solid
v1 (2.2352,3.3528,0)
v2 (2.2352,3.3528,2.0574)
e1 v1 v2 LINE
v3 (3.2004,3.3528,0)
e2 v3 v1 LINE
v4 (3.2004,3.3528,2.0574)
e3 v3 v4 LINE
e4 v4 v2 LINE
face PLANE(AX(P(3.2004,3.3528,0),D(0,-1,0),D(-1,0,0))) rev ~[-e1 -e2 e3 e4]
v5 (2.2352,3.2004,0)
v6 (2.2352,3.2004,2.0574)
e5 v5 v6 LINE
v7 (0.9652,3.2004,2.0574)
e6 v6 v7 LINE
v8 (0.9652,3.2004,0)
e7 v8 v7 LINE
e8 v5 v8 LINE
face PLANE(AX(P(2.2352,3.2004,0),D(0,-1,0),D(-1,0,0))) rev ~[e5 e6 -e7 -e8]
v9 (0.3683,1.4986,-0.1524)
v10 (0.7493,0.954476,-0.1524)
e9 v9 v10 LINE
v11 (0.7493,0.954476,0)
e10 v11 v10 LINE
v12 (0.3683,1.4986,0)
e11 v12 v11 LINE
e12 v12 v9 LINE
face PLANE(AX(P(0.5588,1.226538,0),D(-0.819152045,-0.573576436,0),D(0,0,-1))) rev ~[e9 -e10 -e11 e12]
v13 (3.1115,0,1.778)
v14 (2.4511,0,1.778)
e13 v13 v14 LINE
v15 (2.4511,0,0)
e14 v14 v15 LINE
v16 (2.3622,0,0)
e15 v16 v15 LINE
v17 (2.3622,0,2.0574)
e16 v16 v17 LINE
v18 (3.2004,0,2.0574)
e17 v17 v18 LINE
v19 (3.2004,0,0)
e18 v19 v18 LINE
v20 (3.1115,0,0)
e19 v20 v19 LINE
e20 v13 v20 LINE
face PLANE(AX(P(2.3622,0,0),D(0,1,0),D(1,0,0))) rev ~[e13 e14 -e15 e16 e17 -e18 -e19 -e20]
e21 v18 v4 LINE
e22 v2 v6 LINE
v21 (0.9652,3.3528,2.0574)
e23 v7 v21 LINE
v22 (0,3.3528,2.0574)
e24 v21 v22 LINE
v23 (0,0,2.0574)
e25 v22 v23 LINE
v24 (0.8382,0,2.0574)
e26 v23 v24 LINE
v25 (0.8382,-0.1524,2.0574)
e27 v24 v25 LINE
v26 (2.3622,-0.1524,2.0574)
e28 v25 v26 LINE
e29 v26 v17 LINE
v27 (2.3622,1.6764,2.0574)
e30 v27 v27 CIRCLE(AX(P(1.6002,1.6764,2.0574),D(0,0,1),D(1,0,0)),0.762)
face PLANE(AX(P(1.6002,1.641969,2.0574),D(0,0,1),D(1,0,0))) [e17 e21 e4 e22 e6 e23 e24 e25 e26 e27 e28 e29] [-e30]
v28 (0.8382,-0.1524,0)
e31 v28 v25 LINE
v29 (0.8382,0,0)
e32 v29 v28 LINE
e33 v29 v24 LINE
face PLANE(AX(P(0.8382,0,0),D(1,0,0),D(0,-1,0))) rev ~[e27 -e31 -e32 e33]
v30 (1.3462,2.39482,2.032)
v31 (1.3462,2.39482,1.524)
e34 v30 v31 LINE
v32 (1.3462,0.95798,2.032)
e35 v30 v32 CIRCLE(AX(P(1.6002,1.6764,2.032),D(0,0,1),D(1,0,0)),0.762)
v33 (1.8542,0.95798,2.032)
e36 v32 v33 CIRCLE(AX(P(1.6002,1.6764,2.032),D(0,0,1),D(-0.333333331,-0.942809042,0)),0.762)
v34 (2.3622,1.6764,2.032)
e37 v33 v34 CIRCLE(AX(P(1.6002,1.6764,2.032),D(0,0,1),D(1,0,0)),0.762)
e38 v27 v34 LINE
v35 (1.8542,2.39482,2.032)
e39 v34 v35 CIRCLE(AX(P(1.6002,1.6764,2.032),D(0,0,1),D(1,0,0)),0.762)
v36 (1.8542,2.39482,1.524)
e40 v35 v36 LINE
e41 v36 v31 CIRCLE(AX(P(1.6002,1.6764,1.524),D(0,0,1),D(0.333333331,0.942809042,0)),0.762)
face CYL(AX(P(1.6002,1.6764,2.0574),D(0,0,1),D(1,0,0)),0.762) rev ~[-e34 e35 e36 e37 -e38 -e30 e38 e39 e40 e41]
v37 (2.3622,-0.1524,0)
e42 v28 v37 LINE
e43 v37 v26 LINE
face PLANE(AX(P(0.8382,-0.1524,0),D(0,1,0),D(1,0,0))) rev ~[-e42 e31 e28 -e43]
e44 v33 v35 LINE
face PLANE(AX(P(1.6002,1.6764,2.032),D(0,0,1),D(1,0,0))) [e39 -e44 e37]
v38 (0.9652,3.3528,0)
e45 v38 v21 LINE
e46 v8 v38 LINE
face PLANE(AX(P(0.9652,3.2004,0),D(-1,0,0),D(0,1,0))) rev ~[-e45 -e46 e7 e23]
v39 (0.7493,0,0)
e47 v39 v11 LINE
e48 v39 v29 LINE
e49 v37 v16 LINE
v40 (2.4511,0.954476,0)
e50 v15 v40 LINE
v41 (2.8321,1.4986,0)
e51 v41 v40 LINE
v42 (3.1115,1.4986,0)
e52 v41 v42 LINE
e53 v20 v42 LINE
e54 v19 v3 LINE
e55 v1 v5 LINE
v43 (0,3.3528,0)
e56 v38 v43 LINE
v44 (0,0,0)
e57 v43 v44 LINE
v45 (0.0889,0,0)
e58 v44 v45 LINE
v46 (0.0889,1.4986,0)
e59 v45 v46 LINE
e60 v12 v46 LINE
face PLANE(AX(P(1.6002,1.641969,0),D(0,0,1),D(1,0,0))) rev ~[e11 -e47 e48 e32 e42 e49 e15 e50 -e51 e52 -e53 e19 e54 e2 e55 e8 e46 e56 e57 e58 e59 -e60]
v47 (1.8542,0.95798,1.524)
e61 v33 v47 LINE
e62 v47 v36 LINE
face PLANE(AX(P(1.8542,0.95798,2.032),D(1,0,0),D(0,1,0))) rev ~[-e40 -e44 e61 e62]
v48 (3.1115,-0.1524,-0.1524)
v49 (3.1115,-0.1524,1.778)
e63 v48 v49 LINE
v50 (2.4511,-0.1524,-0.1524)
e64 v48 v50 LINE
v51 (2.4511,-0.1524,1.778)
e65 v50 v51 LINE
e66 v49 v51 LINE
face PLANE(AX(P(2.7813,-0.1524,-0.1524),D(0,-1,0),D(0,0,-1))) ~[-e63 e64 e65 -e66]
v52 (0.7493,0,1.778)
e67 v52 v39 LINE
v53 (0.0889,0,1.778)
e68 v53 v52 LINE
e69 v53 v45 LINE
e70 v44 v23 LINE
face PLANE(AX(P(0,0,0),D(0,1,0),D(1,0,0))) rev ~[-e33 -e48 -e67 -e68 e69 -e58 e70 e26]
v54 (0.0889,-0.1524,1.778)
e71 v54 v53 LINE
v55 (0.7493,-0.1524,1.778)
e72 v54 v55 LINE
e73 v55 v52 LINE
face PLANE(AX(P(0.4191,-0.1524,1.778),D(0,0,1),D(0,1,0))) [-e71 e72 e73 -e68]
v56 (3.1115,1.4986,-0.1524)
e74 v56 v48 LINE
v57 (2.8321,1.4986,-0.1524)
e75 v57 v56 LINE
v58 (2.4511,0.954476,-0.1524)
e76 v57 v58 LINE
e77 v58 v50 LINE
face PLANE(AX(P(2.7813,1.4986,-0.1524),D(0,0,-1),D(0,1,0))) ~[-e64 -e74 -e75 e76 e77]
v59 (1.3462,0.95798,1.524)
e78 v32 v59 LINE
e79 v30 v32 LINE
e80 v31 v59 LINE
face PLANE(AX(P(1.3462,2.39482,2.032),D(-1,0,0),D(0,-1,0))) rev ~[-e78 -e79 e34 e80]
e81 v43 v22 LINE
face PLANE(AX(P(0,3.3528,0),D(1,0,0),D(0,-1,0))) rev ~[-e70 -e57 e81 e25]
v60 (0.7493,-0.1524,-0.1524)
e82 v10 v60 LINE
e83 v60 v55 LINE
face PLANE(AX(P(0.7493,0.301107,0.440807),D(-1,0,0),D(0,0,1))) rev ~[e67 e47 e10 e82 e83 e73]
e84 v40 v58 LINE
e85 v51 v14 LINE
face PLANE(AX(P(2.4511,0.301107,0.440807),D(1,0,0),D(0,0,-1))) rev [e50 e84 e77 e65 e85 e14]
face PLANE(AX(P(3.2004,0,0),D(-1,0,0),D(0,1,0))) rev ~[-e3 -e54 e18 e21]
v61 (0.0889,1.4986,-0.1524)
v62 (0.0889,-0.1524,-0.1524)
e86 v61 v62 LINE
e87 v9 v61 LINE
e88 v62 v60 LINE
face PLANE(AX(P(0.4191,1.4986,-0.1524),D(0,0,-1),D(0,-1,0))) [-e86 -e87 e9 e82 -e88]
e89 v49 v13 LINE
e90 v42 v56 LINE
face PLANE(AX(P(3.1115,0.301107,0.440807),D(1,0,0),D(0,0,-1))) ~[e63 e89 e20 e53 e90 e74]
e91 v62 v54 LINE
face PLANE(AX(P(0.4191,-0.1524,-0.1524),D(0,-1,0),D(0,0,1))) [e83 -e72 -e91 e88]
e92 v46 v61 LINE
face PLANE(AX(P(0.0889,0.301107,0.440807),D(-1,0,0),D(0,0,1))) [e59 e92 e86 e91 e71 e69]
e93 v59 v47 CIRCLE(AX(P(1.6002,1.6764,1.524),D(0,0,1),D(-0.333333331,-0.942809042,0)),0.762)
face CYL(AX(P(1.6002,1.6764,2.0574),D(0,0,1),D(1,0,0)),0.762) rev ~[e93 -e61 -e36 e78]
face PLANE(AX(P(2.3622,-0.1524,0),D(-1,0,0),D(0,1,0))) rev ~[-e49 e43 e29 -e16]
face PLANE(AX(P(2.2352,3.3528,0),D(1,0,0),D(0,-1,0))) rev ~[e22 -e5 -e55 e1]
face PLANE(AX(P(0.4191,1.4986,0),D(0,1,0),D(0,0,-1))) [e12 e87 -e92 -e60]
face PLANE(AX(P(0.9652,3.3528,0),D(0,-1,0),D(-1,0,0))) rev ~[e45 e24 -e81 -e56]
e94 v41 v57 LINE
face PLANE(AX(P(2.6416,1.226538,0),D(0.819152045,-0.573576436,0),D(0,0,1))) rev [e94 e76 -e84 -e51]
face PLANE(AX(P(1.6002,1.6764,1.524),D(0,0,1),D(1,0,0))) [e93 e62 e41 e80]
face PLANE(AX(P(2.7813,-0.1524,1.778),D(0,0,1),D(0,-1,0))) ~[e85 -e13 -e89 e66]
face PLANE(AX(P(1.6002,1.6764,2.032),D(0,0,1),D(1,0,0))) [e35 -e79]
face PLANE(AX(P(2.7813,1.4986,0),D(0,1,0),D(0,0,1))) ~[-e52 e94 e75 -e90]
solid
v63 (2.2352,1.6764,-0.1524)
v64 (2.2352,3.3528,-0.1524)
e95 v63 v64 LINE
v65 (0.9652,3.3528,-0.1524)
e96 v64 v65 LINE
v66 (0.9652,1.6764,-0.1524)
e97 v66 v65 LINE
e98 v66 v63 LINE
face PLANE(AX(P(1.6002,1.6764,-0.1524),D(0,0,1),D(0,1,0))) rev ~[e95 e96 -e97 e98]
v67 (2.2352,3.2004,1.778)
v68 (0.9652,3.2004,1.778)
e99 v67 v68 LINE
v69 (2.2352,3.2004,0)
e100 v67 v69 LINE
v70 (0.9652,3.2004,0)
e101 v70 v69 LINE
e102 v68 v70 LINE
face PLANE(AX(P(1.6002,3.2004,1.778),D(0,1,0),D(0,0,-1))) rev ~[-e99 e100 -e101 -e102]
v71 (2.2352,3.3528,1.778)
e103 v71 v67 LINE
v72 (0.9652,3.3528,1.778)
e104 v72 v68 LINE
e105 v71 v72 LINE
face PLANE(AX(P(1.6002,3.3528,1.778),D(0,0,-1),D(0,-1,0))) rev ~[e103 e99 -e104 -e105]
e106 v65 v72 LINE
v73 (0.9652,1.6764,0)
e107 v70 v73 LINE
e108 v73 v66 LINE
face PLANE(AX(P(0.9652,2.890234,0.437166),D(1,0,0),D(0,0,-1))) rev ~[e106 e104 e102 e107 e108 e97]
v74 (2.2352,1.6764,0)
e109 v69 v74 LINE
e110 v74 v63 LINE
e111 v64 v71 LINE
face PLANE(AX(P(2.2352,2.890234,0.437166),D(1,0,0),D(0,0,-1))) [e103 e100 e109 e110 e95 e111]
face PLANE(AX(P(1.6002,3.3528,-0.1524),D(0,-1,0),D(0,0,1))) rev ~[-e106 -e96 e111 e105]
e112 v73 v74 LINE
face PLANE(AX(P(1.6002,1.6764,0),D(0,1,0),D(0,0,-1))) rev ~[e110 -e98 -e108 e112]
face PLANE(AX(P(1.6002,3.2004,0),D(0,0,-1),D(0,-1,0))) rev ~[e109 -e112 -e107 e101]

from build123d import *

# Parameters (mm, degrees)
BOSS_EXTRUDE1_DEPTH       = 2.0574
SKETCH2_R                 = 0.762
CUT_EXTRUDE1_DEPTH        = 0.0254
CUT_EXTRUDE2_DEPTH        = 0.508
EXTRUDE_THIN1_DEPTH       = 0.635
EXTRUDE_THIN6_DEPTH       = 0.3302
CHAMFER1_SIZE             = 0.381
CHAMFER1_SIZE2            = 0.544124391
CHAMFER1_OF_MIRROR1_SIZE2 = 0.544124391
CHAMFER1_OF_MIRROR1_SIZE  = 0.381


with BuildPart() as part:
    # Sketch1 → Boss-Extrude1 (new body)
    with BuildSketch(Plane.XY):
        Polygon((0, 0), (0.8382, 0), (0.8382, -0.1524), (2.3622, -0.1524), (2.3622, 0), (3.2004, 0), (3.2004, 3.3528), (2.2352, 3.3528), (2.2352, 3.2004), (0.9652, 3.2004), (0.9652, 3.3528), (0, 3.3528), align=None)
    extrude(amount=BOSS_EXTRUDE1_DEPTH)

    # Sketch2 → Cut-Extrude1 (cut)
    with BuildSketch(Plane.XY.offset(2.0574)):
        with Locations((1.6002, 1.6764)):
            Circle(SKETCH2_R)
    extrude(amount=-CUT_EXTRUDE1_DEPTH, mode=Mode.SUBTRACT)

    # Sketch3 → Cut-Extrude2 (cut)
    with BuildSketch(Plane.XY.offset(2.032)):
        with BuildLine():
            Line((1.3462, 2.39482049), (1.3462, 0.95797951))
            ThreePointArc((1.3462, 0.95797951), (1.6002, 0.9144), (1.8542, 0.95797951))
            Line((1.8542, 0.95797951), (1.8542, 2.39482049))
            ThreePointArc((1.8542, 2.39482049), (1.6002, 2.4384), (1.3462, 2.39482049))
        make_face()
    extrude(amount=-CUT_EXTRUDE2_DEPTH, mode=Mode.SUBTRACT)

    # Sketch8 → Extrude-Thin6 (add, symmetric)
    with BuildSketch(Plane.ZY.offset(-0.4191)):
        Polygon((1.778, 0), (0, 0), (0, 1.4986), (-0.1524, 1.4986), (-0.1524, -0.1524), (1.778, -0.1524), align=None)
    extrude_thin6 = extrude(amount=EXTRUDE_THIN6_DEPTH, both=True)

    # Chamfer1
    chamfer1_edges = [part.edges().sort_by_distance(p)[0] for p in [
        (0.7493, 1.4986, -0.0762),
    ]]
    chamfer1_side = [part.faces().sort_by_distance(p)[0] for p in [
        (0.4191, 1.4986, -0.0762),
    ]]
    chamfer(chamfer1_edges, length=CHAMFER1_SIZE, length2=CHAMFER1_SIZE2, reference=chamfer1_side[0])

    # Mirror1: Extrude-Thin6 across plane
    add(extrude_thin6.mirror(Plane.ZY.offset(-1.6002)))

    # Chamfer1 of Mirror1
    chamfer1_of_mirror1_edges = [part.edges().sort_by_distance(p)[0] for p in [
        (2.4511, 1.4986, -0.0762),
    ]]
    chamfer(chamfer1_of_mirror1_edges, length=CHAMFER1_OF_MIRROR1_SIZE, length2=CHAMFER1_OF_MIRROR1_SIZE2)


with BuildPart() as body_2:
    # Sketch5 → Extrude-Thin1 (new body, symmetric)
    with BuildSketch(Plane.ZY.offset(-1.6002)):
        Polygon((1.778, 3.2004), (0, 3.2004), (0, 1.6764), (-0.1524, 1.6764), (-0.1524, 3.3528), (1.778, 3.3528), align=None)
    extrude(amount=EXTRUDE_THIN1_DEPTH, both=True)


solid = Compound([part.part, body_2.part])
